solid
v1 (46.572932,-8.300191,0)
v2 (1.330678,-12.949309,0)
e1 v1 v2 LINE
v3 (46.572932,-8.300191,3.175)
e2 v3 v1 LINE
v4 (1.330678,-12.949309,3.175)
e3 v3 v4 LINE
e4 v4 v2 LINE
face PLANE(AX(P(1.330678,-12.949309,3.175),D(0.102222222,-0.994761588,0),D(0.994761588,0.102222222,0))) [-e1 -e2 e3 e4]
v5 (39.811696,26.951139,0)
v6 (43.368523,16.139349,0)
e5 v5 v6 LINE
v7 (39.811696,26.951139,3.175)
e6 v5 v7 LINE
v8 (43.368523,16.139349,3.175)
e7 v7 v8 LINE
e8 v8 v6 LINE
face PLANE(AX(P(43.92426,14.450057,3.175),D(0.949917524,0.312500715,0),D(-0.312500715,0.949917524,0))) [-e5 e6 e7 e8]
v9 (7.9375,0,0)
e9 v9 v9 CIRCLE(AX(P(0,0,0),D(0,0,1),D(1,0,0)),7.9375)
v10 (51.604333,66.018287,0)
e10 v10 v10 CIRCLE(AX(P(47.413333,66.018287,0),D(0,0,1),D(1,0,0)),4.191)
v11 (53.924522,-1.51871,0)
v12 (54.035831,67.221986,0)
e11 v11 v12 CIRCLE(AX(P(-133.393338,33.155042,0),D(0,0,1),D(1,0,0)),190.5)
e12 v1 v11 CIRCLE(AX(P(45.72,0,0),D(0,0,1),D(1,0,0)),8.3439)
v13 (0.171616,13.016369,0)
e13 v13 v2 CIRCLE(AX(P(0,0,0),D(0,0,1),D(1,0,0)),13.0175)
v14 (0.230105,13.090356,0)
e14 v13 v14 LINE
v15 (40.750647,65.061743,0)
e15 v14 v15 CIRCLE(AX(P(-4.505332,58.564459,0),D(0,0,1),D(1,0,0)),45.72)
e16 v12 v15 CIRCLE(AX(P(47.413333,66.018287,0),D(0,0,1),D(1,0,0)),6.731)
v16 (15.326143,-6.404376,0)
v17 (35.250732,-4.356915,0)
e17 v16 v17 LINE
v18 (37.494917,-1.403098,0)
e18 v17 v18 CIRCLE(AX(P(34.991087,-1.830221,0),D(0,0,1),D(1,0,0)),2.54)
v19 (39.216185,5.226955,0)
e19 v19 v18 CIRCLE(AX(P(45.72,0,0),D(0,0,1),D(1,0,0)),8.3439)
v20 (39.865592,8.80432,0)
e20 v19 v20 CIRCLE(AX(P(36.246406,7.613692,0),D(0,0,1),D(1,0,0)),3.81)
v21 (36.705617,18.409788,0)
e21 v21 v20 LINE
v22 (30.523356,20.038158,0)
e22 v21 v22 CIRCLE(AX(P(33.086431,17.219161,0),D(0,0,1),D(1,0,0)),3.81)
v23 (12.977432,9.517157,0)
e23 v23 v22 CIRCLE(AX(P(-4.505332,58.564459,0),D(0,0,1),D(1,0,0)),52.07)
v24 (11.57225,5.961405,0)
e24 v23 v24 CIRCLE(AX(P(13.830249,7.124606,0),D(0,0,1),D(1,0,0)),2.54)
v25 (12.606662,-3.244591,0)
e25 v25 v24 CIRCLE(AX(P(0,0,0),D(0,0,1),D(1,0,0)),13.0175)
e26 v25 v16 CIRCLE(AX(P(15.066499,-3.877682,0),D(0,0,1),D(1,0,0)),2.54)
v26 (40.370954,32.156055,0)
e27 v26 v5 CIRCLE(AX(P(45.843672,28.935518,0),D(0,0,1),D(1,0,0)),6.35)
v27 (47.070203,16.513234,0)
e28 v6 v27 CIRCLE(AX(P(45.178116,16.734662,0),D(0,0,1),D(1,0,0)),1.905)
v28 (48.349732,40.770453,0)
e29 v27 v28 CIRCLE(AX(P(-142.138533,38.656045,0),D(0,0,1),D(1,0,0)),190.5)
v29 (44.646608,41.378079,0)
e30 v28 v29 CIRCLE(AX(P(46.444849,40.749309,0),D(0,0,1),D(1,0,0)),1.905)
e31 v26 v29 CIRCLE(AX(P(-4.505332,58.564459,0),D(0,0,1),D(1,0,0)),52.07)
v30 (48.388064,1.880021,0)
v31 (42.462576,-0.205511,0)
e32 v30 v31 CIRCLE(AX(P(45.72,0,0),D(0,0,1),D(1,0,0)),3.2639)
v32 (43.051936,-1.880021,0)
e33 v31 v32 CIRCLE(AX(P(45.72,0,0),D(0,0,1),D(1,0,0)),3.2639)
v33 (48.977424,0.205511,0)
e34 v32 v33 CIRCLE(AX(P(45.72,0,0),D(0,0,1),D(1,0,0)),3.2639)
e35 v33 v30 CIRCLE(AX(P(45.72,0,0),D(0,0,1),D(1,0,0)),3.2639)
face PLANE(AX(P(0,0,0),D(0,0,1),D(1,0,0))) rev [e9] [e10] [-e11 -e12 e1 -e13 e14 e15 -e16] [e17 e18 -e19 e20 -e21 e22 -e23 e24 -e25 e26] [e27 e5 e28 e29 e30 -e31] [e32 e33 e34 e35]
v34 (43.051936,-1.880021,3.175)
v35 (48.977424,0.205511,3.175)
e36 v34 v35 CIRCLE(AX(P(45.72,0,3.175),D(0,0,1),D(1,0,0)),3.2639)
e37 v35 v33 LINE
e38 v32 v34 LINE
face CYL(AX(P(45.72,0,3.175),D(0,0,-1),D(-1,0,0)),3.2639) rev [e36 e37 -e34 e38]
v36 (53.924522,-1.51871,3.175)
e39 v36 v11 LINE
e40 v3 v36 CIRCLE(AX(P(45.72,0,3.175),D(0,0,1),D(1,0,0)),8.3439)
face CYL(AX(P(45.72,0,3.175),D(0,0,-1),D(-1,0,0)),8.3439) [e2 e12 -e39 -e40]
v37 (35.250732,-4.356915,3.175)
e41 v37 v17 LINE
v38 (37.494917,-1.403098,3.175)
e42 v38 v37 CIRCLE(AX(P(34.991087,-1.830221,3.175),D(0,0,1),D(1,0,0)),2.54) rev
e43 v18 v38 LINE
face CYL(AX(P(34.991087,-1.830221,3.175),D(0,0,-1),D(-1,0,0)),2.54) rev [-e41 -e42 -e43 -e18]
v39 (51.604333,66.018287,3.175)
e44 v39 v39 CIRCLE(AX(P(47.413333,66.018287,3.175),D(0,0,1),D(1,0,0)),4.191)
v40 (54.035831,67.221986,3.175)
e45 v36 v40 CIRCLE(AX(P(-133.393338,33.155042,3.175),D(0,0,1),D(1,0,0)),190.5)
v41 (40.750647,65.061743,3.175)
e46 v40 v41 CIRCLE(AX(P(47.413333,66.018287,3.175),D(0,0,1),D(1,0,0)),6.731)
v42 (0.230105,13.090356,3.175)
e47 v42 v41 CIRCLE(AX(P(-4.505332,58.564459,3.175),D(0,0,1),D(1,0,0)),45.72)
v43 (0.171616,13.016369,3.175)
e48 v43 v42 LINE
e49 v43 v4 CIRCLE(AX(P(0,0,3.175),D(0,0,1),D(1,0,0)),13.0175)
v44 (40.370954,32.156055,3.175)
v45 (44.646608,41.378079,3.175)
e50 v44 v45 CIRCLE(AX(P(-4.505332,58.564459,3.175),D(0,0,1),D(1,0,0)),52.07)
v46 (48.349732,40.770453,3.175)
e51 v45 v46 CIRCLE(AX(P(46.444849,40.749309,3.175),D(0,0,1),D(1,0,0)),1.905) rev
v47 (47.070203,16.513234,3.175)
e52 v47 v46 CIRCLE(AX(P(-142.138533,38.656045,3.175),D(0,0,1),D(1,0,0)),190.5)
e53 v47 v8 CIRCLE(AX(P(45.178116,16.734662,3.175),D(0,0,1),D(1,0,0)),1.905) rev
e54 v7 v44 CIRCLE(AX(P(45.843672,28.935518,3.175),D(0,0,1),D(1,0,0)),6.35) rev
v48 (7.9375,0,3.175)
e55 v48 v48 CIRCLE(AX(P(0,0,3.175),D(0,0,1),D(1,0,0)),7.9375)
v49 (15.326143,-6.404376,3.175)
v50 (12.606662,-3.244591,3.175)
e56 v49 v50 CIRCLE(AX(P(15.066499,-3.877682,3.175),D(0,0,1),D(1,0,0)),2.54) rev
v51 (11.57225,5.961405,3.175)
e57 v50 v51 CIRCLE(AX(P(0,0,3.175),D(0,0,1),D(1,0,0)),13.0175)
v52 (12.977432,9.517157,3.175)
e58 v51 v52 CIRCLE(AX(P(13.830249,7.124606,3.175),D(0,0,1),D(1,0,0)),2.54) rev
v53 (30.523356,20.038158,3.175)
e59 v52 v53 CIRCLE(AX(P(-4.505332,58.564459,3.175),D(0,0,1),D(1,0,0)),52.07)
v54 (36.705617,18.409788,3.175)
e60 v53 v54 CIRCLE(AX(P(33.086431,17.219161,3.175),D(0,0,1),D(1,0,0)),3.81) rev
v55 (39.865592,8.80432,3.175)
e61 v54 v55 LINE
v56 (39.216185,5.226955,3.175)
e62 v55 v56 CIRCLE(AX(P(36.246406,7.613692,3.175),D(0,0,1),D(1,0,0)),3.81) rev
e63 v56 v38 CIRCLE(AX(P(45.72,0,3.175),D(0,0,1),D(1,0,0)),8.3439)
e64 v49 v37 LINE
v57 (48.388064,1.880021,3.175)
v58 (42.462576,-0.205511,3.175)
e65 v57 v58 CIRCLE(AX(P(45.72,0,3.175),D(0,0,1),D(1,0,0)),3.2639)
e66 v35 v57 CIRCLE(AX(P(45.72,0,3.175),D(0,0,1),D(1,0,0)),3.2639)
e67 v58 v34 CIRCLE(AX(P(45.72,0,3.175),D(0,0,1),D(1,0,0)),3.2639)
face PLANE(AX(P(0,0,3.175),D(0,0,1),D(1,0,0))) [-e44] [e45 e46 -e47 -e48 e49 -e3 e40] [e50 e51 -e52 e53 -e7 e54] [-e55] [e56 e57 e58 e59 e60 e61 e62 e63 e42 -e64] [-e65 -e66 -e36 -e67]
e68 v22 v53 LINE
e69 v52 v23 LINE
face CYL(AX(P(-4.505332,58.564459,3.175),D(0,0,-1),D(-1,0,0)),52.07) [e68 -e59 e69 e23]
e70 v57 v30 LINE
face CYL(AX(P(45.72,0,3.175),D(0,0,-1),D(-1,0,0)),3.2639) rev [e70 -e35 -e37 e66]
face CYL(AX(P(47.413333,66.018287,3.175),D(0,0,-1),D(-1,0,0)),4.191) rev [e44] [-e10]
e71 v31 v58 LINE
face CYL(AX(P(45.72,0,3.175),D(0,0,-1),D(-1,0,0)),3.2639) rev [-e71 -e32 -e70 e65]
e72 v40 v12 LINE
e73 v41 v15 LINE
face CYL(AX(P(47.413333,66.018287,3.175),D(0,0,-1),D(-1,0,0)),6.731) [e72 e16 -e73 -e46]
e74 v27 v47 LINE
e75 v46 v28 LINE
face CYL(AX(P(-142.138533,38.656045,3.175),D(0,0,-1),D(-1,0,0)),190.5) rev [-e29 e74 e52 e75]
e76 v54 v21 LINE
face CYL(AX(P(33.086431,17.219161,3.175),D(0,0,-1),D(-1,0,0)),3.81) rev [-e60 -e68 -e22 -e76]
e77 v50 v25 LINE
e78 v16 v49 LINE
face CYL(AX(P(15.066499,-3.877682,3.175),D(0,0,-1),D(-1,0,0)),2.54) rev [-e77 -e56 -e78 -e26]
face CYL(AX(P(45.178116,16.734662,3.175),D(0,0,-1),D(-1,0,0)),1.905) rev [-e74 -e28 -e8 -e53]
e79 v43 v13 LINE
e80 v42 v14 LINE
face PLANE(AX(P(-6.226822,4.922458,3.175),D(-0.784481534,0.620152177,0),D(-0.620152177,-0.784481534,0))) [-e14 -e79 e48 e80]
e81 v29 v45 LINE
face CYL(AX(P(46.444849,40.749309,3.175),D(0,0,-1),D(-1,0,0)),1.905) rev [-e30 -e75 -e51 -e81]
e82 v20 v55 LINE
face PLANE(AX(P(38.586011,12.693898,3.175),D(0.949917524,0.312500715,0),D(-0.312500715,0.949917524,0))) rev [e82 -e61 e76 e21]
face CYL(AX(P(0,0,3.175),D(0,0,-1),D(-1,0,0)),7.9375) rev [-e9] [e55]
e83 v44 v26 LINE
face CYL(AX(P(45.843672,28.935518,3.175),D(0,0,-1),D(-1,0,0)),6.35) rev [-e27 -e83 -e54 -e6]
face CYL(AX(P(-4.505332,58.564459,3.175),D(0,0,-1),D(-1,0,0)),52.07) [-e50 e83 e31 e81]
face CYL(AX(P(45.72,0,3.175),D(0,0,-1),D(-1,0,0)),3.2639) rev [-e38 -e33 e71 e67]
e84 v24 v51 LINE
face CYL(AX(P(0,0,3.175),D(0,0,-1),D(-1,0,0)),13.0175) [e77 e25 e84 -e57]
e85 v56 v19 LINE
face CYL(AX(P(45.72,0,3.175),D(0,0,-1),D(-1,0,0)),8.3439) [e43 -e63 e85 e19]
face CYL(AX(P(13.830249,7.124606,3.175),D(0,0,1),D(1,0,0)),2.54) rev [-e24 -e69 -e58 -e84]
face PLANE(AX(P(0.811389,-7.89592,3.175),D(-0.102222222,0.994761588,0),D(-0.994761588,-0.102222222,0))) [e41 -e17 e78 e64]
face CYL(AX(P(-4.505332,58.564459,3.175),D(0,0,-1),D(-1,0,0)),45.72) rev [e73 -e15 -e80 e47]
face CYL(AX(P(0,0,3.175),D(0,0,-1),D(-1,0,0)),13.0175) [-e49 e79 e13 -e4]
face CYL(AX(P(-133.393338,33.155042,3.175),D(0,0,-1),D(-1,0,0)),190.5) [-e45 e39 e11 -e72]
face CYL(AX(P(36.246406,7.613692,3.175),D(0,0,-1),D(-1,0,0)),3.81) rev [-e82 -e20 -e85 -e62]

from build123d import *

# Parameters (mm, degrees)
SKETCH2_R           = 7.9375
SKETCH2_R_2         = 3.2639
SKETCH2_R_3         = 4.191
BOSS_EXTRUDE1_DEPTH = 3.175
FILLET1_R           = 2.54
FILLET2_R           = 3.81
FILLET3_R           = 1.905
FILLET4_R           = 6.35


with BuildPart() as part:
    # Sketch2 → Boss-Extrude1 (new body)
    with BuildSketch(Plane.XY):
        with BuildLine():
            ThreePointArc((54.035830718, 67.22198524), (46.333024889, 72.662028043), (40.750647472, 65.061742146))
            ThreePointArc((40.750647472, 65.061742146), (31.550758366, 30.452598432), (0.230104832, 13.090356345))
            Line((0.230104832, 13.090356345), (0.171615761, 13.016368706))
            ThreePointArc((0.171615761, 13.016368706), (-13.004550196, -0.580500165), (1.330677778, -12.949308974))
            Line((1.330677778, -12.949308974), (46.572932, -8.300191215))
            ThreePointArc((46.572932, -8.300191215), (51.37742802, -6.133039654), (53.924522362, -1.518709983))
            ThreePointArc((53.924522362, -1.518709983), (57.106411985, 32.846575472), (54.035830718, 67.22198524))
        make_face()
        Circle(SKETCH2_R, mode=Mode.SUBTRACT)
        with BuildLine():
            ThreePointArc((9.848859751, 8.512066016), (23.445327069, 14.632175726), (34.749899024, 24.354640398))
            Line((34.749899024, 24.354640398), (40.595697266, 6.584997244))
            ThreePointArc((40.595697266, 6.584997244), (37.546758205, 1.678923993), (38.414831114, -4.031770672))
            Line((38.414831114, -4.031770672), (11.074870198, -6.841239387))
            ThreePointArc((11.074870198, -6.841239387), (12.976194182, 1.036190528), (9.848859751, 8.512066016))
        make_face(mode=Mode.SUBTRACT)
        with Locations((45.72, 0)):
            Circle(SKETCH2_R_2, mode=Mode.SUBTRACT)
        with BuildLine():
            Line((45.933946154, 8.34115665), (38.882442516, 29.775817606))
            ThreePointArc((38.882442516, 29.775817606), (45.039190515, 42.544935267), (47.523781163, 56.501393309))
            ThreePointArc((47.523781163, 56.501393309), (48.257752726, 32.370804269), (45.933946154, 8.34115665))
        make_face(mode=Mode.SUBTRACT)
        with Locations((47.413333333, 66.018287029)):
            Circle(SKETCH2_R_3, mode=Mode.SUBTRACT)
    extrude(amount=BOSS_EXTRUDE1_DEPTH)

    # Fillet1
    fillet1_edges = [part.edges().sort_by_distance(p)[0] for p in [
        (38.414831114, -4.031770672, 1.5875),
        (9.848859751, 8.512066016, 1.5875),
        (11.074870198, -6.841239387, 1.5875),
    ]]
    fillet(fillet1_edges, radius=FILLET1_R)

    # Fillet2
    fillet2_edges = [part.edges().sort_by_distance(p)[0] for p in [
        (40.595697266, 6.584997244, 1.5875),
        (34.749899024, 24.354640398, 1.5875),
    ]]
    fillet(fillet2_edges, radius=FILLET2_R)

    # Fillet3
    fillet3_edges = [part.edges().sort_by_distance(p)[0] for p in [
        (47.523781163, 56.501393309, 1.5875),
        (45.933946154, 8.34115665, 1.5875),
    ]]
    fillet(fillet3_edges, radius=FILLET3_R)

    # Fillet4
    fillet4_edges = [part.edges().sort_by_distance(p)[0] for p in [
        (38.882442516, 29.775817606, 1.5875),
    ]]
    fillet(fillet4_edges, radius=FILLET4_R)


solid = part.part
